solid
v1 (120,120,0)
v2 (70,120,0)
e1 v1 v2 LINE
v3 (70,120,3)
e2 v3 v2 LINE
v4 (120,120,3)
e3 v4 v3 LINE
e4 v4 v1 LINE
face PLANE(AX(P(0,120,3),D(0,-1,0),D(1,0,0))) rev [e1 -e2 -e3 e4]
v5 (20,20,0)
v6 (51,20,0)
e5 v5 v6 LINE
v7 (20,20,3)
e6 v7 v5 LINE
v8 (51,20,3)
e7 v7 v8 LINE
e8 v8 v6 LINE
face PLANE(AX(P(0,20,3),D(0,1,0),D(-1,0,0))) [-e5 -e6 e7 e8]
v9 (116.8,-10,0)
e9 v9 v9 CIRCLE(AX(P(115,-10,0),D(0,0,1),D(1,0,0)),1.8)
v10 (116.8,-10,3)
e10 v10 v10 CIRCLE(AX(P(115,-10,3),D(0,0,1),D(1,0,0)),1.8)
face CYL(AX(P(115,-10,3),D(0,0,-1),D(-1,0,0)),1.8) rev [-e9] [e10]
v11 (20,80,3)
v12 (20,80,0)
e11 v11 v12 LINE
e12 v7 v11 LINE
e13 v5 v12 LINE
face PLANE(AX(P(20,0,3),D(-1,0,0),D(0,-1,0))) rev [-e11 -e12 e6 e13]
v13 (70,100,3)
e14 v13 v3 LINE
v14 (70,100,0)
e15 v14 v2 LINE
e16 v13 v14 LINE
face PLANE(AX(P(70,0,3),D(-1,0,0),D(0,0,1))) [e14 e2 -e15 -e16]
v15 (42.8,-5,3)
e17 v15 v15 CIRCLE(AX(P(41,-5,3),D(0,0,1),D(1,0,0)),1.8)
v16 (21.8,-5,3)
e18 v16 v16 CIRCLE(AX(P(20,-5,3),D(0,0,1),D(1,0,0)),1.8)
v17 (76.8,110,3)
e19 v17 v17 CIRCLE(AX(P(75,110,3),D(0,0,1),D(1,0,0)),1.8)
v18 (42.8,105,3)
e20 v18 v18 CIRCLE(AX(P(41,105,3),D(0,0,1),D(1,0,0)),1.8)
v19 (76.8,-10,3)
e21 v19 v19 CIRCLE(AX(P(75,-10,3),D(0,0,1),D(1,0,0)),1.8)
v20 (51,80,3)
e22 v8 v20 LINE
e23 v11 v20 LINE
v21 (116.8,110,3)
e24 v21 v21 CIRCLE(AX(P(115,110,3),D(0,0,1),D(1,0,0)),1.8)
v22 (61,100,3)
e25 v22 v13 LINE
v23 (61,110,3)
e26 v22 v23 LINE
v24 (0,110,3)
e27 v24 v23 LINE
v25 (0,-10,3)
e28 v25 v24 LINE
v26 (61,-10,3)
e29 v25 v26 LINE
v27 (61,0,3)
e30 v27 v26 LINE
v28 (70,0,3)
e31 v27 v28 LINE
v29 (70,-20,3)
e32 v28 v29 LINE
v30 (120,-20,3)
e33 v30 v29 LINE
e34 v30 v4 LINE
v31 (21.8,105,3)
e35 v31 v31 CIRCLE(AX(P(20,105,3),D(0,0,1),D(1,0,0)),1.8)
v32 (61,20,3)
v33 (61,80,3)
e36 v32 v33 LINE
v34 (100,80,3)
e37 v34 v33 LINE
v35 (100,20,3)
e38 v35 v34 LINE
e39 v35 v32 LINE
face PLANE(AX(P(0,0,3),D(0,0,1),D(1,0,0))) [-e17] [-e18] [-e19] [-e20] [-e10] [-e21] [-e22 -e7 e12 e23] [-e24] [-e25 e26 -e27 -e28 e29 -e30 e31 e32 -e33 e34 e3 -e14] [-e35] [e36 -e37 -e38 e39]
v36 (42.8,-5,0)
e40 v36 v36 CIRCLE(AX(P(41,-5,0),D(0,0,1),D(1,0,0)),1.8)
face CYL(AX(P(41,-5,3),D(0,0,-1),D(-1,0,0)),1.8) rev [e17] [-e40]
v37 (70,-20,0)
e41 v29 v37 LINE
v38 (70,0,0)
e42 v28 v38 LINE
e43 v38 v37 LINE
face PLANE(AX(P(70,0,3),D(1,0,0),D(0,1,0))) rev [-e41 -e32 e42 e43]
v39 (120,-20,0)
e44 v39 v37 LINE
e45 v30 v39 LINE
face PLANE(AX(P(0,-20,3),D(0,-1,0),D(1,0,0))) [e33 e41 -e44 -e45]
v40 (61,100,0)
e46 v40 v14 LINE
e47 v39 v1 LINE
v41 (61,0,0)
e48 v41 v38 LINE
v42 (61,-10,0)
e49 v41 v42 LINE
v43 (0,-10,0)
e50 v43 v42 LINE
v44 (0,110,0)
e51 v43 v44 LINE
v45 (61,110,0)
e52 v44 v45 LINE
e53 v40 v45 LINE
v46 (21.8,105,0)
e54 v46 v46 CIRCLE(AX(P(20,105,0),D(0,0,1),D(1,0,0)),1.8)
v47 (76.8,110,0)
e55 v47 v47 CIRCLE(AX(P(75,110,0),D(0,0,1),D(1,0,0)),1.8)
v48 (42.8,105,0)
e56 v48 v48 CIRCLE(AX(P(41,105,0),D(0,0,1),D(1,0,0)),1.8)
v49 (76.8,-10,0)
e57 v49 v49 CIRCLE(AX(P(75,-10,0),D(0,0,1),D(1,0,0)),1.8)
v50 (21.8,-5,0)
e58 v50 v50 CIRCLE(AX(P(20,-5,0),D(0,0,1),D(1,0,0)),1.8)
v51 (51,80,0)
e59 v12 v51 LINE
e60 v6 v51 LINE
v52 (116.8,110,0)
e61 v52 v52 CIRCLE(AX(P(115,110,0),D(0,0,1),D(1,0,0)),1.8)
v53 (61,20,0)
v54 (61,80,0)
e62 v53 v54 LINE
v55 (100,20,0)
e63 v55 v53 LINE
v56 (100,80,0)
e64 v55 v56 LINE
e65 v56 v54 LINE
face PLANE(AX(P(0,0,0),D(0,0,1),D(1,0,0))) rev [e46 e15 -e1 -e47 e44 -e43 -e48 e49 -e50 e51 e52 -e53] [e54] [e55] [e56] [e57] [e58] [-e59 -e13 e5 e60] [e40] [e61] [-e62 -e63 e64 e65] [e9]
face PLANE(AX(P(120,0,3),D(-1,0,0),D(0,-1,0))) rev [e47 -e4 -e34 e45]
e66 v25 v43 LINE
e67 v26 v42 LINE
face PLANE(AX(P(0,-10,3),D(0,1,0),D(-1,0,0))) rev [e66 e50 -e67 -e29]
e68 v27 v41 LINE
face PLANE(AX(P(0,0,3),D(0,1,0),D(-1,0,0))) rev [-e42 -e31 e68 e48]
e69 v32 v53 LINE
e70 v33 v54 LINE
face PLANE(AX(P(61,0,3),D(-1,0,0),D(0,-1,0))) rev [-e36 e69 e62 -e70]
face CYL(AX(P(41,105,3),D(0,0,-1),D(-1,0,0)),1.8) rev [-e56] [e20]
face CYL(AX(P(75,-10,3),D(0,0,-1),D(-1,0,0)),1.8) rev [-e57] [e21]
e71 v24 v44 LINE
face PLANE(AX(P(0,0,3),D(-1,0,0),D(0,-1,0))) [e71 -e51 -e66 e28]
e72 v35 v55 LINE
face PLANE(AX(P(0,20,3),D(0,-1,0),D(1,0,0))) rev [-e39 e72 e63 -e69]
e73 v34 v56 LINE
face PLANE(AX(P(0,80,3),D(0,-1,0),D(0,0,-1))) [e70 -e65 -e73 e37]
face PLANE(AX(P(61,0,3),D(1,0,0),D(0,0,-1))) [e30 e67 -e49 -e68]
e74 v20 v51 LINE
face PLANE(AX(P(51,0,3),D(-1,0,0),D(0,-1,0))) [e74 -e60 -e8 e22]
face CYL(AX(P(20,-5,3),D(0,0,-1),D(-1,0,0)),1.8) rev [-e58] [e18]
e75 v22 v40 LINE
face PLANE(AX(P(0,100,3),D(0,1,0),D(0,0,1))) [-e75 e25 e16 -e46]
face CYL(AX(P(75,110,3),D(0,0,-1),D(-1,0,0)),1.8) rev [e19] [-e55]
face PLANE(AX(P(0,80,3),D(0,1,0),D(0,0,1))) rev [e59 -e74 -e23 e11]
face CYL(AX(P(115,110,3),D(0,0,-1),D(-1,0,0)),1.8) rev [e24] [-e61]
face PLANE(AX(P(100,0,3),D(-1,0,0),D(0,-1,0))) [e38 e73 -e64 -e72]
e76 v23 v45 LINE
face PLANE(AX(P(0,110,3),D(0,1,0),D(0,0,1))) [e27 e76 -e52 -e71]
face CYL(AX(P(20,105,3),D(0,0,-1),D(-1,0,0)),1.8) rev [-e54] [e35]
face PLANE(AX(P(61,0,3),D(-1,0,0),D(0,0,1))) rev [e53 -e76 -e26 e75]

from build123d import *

# Parameters (mm, degrees)
ESQUISSE1_W        = 120
ESQUISSE1_H        = 100
ESQUISSE1_W_2      = 39
ESQUISSE1_H_2      = 60
ESQUISSE1_W_3      = 31
ESQUISSE1_W_4      = 50
ESQUISSE1_H_3      = 20
ESQUISSE1_R        = 1.8
ESQUISSE1_W_5      = 61
ESQUISSE1_H_4      = 10
BOSS_EXTRU_1_DEPTH = 3


with BuildPart() as part:
    # Esquisse1 → Boss.-Extru.1 (new body)
    # profile 1 of 5: a face of its own
    with BuildSketch(Plane.XY):
        with Locations((60, 50)):
            Rectangle(ESQUISSE1_W, ESQUISSE1_H)
        with Locations((80.5, 50)):
            Rectangle(ESQUISSE1_W_2, ESQUISSE1_H_2, mode=Mode.SUBTRACT)
        with Locations((35.5, 50)):
            Rectangle(ESQUISSE1_W_3, ESQUISSE1_H_2, mode=Mode.SUBTRACT)
    # profile 2 of 5: a face of its own
    with BuildSketch(Plane.XY):
        with Locations((95, -10)):
            Rectangle(ESQUISSE1_W_4, ESQUISSE1_H_3)
        with Locations((75, -10)):
            Circle(ESQUISSE1_R, mode=Mode.SUBTRACT)
        with Locations((115, -10)):
            Circle(ESQUISSE1_R, mode=Mode.SUBTRACT)
    # profile 3 of 5: a face of its own
    with BuildSketch(Plane.XY):
        with Locations((30.5, -5)):
            Rectangle(ESQUISSE1_W_5, ESQUISSE1_H_4)
        with Locations((20, -5)):
            Circle(ESQUISSE1_R, mode=Mode.SUBTRACT)
        with Locations((41, -5)):
            Circle(ESQUISSE1_R, mode=Mode.SUBTRACT)
    # profile 4 of 5: a face of its own
    with BuildSketch(Plane.XY):
        with Locations((30.5, 105)):
            Rectangle(ESQUISSE1_W_5, ESQUISSE1_H_4)
        with Locations((20, 105)):
            Circle(ESQUISSE1_R, mode=Mode.SUBTRACT)
        with Locations((41, 105)):
            Circle(ESQUISSE1_R, mode=Mode.SUBTRACT)
    # profile 5 of 5: a face of its own
    with BuildSketch(Plane.XY):
        with Locations((95, 110)):
            Rectangle(ESQUISSE1_W_4, ESQUISSE1_H_3)
        with Locations((75, 110)):
            Circle(ESQUISSE1_R, mode=Mode.SUBTRACT)
        with Locations((115, 110)):
            Circle(ESQUISSE1_R, mode=Mode.SUBTRACT)
    extrude(amount=BOSS_EXTRU_1_DEPTH)


solid = part.part
